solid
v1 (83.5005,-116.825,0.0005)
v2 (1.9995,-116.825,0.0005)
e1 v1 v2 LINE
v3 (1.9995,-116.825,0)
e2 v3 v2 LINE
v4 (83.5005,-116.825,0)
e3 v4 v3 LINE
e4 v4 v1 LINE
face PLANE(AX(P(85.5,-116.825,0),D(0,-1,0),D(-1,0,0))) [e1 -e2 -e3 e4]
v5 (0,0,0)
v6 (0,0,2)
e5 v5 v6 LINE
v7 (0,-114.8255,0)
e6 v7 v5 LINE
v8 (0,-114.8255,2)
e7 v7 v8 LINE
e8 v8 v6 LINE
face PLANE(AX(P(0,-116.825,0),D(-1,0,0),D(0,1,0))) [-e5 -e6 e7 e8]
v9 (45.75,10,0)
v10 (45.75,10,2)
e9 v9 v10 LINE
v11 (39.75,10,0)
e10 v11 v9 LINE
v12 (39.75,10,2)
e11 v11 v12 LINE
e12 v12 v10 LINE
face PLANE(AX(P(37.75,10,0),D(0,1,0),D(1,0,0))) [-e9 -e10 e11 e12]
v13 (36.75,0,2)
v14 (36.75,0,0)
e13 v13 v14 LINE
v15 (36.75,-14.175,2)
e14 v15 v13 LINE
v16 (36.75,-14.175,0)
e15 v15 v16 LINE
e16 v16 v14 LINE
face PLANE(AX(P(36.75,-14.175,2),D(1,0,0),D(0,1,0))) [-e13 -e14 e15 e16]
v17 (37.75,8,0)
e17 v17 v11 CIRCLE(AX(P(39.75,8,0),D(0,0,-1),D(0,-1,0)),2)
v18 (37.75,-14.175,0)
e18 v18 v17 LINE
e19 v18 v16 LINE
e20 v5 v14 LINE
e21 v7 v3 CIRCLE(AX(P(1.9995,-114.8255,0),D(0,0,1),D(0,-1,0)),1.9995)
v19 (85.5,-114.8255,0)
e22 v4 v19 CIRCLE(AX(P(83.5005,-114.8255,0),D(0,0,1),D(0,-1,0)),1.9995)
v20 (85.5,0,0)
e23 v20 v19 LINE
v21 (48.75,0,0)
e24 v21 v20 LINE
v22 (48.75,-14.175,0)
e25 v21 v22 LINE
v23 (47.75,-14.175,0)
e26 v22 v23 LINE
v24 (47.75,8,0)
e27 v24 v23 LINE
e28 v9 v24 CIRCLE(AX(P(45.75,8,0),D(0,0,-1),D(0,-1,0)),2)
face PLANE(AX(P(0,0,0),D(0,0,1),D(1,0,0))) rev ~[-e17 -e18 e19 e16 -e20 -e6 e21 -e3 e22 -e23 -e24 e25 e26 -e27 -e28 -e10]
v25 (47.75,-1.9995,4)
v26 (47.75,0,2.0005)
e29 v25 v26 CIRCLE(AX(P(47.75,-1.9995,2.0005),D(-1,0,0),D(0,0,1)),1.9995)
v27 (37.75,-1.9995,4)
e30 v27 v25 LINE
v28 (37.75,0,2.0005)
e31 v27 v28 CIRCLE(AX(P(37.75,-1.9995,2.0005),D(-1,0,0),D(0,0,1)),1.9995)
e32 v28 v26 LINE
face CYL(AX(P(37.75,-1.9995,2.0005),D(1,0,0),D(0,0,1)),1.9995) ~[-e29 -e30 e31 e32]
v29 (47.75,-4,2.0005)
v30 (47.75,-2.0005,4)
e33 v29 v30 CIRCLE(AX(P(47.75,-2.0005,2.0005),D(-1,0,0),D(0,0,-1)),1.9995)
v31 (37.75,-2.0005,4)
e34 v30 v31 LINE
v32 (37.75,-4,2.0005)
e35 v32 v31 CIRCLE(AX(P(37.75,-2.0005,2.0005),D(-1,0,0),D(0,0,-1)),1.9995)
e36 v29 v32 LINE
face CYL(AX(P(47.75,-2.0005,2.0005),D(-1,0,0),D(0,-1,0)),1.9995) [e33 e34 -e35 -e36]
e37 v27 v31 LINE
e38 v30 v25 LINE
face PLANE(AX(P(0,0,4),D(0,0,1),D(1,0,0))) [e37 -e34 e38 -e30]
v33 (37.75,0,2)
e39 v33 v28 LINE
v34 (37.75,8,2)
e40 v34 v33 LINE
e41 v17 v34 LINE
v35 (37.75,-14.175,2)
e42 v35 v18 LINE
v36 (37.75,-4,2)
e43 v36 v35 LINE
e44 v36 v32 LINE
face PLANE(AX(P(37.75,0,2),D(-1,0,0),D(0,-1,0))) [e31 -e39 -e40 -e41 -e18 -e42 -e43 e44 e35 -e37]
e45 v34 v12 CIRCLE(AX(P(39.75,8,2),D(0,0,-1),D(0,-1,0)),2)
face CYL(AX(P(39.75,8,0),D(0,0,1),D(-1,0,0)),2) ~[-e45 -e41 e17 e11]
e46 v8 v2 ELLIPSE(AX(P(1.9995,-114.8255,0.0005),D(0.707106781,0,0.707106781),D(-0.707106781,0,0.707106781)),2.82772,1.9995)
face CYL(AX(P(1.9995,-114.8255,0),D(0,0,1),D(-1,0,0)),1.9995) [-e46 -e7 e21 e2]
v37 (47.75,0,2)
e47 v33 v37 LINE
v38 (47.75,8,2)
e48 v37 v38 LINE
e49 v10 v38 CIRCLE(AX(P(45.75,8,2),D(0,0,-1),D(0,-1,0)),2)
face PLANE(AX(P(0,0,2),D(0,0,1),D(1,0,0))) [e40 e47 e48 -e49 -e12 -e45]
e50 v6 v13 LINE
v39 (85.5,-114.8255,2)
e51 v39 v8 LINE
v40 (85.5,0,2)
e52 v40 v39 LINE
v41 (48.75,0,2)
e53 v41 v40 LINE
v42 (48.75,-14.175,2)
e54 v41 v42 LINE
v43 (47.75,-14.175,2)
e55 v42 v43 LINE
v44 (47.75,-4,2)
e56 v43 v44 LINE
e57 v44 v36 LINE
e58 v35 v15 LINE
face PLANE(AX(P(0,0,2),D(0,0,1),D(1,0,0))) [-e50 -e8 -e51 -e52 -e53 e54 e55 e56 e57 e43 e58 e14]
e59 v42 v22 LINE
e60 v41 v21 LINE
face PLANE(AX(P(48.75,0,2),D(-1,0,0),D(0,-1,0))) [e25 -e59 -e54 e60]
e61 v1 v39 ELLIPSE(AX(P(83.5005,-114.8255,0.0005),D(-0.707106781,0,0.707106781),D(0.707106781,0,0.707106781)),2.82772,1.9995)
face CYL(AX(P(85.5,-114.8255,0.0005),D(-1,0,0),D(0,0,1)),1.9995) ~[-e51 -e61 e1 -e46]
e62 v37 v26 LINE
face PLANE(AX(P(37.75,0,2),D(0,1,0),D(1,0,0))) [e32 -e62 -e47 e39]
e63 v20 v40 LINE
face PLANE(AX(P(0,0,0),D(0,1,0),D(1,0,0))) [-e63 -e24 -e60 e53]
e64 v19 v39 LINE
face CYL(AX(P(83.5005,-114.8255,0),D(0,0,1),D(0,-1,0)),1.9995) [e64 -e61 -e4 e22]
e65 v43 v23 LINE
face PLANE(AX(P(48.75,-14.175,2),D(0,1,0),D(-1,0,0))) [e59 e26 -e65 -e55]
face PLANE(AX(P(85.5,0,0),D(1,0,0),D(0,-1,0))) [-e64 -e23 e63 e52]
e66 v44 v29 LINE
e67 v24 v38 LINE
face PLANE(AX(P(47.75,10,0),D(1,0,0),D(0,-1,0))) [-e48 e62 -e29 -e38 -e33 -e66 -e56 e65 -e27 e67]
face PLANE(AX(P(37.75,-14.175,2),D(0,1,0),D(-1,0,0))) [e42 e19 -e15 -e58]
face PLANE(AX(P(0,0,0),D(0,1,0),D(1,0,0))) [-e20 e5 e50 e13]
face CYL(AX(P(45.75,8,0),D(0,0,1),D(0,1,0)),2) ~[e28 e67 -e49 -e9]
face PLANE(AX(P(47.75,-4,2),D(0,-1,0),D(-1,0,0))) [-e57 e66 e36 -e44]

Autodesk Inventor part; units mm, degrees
ref_plane "YZ Plane" through (0, 0, 0) normal (1, 0, 0) x (0, 1, 0)
ref_plane "XZ Plane" through (0, 0, 0) normal (0, 1, 0) x (-1, 0, 0)
ref_plane "XY Plane" through (0, 0, 0) normal (0, 0, 1) x (1, 0, 0)
sketch "Sketch1" plane through (0, 0, 0) normal (0, 0, 1) x (1, 0, 0)
  line L0 (0, 0) -> (85.5, 0)
  line L1 (85.5, 0) -> (85.5, -116.825)
  line L2 (85.5, -116.825) -> (0, -116.825)
  line L3 (0, -116.825) -> (0, 0)
  dimension "d0" = 85.5
  dimension "d1" = 116.825
extrude "Extrusion1" add sketch "Sketch1" along normal blind 2
sketch "Sketch2" plane through (0, 0, 0) normal (0, 0, -1) x (-1, 0, 0)
  line L0 (-85.5, 0) -> (0, 0) projected
  line L1 (0, 0) -> (-42.75, 0)
  line L2 (-42.75, 0) -> (-47.75, 0)
  line L3 (-47.75, 0) -> (-37.75, 0)
  line L4 (-37.75, 0) -> (-37.75, 10)
  line L5 (-37.75, 10) -> (-47.75, 10)
  line L6 (-47.75, 10) -> (-47.75, 0)
  dimension "d4" = 5
  dimension "d5" = 10
  dimension "d6" = 10
extrude "Extrusion2" add sketch "Sketch2" against normal blind 2
sketch "Sketch3" plane through (0, 0, 2) normal (0, 0, 1) x (1, 0, 0)
  line L0 (0, 0) -> (37.75, 0) projected
  line L1 (37.75, 0) -> (37.75, -13.175)
  line L2 (37.75, -13.175) -> (47.75, -13.175)
  line L3 (47.75, 0) -> (47.75, 10) projected
  line L4 (47.75, -13.175) -> (47.75, 0)
  line L5 (47.75, 0) -> (48.75, 0)
  line L6 (47.75, 0) -> (85.5, 0) projected
  line L7 (48.75, 0) -> (48.75, -13.175)
  line L8 (48.75, -13.175) -> (48.75, -14.175)
  line L9 (48.75, -14.175) -> (37.75, -14.175)
  line L10 (37.75, -14.175) -> (36.75, -14.175)
  line L11 (36.75, -14.175) -> (36.75, 0)
  line L12 (37.75, -13.175) -> (37.75, -14.175)
  line L13 (47.75, -13.175) -> (47.75, -14.175)
  dimension "d9" = 13.175
  dimension "d10" = 1
  dimension "d11" = 1
  dimension "d12" = 1
extrude "Extrusion3" cut sketch "Sketch3" against normal blind 3.175 contours L0 L1 L12 L10 L11 | L4 L5 L7 L8 L9 L13
sketch "Sketch4" plane through (0, 0, 2) normal (0, 0, 1) x (1, 0, 0)
  line L0 (37.75, 10) -> (37.75, -14.175) projected
  line L1 (47.75, -14.175) -> (47.75, 10) projected
  line L2 (37.75, 0) -> (47.75, 0)
  line L3 (47.75, 0) -> (47.75, -4)
  line L4 (47.75, -4) -> (37.75, -4)
  line L5 (37.75, -4) -> (37.75, 0)
  point P0 (0, 0)
  dimension "d15" = 4
extrude "Extrusion4" add sketch "Sketch4" along normal blind 2
fillet "Fillet1" radius 2 2 edges at (42.75, 0, 4) (42.75, -4, 4)
fillet "Fillet2" radius 2 3 edges at (0, -116.825, 1) (85.5, -116.825, 1) (42.75, -116.825, 2)
fillet "Fillet3" radius 2 2 edges at (37.75, 10, 1) (47.75, 10, 1)
properties part number "BatteryBoxLid"
